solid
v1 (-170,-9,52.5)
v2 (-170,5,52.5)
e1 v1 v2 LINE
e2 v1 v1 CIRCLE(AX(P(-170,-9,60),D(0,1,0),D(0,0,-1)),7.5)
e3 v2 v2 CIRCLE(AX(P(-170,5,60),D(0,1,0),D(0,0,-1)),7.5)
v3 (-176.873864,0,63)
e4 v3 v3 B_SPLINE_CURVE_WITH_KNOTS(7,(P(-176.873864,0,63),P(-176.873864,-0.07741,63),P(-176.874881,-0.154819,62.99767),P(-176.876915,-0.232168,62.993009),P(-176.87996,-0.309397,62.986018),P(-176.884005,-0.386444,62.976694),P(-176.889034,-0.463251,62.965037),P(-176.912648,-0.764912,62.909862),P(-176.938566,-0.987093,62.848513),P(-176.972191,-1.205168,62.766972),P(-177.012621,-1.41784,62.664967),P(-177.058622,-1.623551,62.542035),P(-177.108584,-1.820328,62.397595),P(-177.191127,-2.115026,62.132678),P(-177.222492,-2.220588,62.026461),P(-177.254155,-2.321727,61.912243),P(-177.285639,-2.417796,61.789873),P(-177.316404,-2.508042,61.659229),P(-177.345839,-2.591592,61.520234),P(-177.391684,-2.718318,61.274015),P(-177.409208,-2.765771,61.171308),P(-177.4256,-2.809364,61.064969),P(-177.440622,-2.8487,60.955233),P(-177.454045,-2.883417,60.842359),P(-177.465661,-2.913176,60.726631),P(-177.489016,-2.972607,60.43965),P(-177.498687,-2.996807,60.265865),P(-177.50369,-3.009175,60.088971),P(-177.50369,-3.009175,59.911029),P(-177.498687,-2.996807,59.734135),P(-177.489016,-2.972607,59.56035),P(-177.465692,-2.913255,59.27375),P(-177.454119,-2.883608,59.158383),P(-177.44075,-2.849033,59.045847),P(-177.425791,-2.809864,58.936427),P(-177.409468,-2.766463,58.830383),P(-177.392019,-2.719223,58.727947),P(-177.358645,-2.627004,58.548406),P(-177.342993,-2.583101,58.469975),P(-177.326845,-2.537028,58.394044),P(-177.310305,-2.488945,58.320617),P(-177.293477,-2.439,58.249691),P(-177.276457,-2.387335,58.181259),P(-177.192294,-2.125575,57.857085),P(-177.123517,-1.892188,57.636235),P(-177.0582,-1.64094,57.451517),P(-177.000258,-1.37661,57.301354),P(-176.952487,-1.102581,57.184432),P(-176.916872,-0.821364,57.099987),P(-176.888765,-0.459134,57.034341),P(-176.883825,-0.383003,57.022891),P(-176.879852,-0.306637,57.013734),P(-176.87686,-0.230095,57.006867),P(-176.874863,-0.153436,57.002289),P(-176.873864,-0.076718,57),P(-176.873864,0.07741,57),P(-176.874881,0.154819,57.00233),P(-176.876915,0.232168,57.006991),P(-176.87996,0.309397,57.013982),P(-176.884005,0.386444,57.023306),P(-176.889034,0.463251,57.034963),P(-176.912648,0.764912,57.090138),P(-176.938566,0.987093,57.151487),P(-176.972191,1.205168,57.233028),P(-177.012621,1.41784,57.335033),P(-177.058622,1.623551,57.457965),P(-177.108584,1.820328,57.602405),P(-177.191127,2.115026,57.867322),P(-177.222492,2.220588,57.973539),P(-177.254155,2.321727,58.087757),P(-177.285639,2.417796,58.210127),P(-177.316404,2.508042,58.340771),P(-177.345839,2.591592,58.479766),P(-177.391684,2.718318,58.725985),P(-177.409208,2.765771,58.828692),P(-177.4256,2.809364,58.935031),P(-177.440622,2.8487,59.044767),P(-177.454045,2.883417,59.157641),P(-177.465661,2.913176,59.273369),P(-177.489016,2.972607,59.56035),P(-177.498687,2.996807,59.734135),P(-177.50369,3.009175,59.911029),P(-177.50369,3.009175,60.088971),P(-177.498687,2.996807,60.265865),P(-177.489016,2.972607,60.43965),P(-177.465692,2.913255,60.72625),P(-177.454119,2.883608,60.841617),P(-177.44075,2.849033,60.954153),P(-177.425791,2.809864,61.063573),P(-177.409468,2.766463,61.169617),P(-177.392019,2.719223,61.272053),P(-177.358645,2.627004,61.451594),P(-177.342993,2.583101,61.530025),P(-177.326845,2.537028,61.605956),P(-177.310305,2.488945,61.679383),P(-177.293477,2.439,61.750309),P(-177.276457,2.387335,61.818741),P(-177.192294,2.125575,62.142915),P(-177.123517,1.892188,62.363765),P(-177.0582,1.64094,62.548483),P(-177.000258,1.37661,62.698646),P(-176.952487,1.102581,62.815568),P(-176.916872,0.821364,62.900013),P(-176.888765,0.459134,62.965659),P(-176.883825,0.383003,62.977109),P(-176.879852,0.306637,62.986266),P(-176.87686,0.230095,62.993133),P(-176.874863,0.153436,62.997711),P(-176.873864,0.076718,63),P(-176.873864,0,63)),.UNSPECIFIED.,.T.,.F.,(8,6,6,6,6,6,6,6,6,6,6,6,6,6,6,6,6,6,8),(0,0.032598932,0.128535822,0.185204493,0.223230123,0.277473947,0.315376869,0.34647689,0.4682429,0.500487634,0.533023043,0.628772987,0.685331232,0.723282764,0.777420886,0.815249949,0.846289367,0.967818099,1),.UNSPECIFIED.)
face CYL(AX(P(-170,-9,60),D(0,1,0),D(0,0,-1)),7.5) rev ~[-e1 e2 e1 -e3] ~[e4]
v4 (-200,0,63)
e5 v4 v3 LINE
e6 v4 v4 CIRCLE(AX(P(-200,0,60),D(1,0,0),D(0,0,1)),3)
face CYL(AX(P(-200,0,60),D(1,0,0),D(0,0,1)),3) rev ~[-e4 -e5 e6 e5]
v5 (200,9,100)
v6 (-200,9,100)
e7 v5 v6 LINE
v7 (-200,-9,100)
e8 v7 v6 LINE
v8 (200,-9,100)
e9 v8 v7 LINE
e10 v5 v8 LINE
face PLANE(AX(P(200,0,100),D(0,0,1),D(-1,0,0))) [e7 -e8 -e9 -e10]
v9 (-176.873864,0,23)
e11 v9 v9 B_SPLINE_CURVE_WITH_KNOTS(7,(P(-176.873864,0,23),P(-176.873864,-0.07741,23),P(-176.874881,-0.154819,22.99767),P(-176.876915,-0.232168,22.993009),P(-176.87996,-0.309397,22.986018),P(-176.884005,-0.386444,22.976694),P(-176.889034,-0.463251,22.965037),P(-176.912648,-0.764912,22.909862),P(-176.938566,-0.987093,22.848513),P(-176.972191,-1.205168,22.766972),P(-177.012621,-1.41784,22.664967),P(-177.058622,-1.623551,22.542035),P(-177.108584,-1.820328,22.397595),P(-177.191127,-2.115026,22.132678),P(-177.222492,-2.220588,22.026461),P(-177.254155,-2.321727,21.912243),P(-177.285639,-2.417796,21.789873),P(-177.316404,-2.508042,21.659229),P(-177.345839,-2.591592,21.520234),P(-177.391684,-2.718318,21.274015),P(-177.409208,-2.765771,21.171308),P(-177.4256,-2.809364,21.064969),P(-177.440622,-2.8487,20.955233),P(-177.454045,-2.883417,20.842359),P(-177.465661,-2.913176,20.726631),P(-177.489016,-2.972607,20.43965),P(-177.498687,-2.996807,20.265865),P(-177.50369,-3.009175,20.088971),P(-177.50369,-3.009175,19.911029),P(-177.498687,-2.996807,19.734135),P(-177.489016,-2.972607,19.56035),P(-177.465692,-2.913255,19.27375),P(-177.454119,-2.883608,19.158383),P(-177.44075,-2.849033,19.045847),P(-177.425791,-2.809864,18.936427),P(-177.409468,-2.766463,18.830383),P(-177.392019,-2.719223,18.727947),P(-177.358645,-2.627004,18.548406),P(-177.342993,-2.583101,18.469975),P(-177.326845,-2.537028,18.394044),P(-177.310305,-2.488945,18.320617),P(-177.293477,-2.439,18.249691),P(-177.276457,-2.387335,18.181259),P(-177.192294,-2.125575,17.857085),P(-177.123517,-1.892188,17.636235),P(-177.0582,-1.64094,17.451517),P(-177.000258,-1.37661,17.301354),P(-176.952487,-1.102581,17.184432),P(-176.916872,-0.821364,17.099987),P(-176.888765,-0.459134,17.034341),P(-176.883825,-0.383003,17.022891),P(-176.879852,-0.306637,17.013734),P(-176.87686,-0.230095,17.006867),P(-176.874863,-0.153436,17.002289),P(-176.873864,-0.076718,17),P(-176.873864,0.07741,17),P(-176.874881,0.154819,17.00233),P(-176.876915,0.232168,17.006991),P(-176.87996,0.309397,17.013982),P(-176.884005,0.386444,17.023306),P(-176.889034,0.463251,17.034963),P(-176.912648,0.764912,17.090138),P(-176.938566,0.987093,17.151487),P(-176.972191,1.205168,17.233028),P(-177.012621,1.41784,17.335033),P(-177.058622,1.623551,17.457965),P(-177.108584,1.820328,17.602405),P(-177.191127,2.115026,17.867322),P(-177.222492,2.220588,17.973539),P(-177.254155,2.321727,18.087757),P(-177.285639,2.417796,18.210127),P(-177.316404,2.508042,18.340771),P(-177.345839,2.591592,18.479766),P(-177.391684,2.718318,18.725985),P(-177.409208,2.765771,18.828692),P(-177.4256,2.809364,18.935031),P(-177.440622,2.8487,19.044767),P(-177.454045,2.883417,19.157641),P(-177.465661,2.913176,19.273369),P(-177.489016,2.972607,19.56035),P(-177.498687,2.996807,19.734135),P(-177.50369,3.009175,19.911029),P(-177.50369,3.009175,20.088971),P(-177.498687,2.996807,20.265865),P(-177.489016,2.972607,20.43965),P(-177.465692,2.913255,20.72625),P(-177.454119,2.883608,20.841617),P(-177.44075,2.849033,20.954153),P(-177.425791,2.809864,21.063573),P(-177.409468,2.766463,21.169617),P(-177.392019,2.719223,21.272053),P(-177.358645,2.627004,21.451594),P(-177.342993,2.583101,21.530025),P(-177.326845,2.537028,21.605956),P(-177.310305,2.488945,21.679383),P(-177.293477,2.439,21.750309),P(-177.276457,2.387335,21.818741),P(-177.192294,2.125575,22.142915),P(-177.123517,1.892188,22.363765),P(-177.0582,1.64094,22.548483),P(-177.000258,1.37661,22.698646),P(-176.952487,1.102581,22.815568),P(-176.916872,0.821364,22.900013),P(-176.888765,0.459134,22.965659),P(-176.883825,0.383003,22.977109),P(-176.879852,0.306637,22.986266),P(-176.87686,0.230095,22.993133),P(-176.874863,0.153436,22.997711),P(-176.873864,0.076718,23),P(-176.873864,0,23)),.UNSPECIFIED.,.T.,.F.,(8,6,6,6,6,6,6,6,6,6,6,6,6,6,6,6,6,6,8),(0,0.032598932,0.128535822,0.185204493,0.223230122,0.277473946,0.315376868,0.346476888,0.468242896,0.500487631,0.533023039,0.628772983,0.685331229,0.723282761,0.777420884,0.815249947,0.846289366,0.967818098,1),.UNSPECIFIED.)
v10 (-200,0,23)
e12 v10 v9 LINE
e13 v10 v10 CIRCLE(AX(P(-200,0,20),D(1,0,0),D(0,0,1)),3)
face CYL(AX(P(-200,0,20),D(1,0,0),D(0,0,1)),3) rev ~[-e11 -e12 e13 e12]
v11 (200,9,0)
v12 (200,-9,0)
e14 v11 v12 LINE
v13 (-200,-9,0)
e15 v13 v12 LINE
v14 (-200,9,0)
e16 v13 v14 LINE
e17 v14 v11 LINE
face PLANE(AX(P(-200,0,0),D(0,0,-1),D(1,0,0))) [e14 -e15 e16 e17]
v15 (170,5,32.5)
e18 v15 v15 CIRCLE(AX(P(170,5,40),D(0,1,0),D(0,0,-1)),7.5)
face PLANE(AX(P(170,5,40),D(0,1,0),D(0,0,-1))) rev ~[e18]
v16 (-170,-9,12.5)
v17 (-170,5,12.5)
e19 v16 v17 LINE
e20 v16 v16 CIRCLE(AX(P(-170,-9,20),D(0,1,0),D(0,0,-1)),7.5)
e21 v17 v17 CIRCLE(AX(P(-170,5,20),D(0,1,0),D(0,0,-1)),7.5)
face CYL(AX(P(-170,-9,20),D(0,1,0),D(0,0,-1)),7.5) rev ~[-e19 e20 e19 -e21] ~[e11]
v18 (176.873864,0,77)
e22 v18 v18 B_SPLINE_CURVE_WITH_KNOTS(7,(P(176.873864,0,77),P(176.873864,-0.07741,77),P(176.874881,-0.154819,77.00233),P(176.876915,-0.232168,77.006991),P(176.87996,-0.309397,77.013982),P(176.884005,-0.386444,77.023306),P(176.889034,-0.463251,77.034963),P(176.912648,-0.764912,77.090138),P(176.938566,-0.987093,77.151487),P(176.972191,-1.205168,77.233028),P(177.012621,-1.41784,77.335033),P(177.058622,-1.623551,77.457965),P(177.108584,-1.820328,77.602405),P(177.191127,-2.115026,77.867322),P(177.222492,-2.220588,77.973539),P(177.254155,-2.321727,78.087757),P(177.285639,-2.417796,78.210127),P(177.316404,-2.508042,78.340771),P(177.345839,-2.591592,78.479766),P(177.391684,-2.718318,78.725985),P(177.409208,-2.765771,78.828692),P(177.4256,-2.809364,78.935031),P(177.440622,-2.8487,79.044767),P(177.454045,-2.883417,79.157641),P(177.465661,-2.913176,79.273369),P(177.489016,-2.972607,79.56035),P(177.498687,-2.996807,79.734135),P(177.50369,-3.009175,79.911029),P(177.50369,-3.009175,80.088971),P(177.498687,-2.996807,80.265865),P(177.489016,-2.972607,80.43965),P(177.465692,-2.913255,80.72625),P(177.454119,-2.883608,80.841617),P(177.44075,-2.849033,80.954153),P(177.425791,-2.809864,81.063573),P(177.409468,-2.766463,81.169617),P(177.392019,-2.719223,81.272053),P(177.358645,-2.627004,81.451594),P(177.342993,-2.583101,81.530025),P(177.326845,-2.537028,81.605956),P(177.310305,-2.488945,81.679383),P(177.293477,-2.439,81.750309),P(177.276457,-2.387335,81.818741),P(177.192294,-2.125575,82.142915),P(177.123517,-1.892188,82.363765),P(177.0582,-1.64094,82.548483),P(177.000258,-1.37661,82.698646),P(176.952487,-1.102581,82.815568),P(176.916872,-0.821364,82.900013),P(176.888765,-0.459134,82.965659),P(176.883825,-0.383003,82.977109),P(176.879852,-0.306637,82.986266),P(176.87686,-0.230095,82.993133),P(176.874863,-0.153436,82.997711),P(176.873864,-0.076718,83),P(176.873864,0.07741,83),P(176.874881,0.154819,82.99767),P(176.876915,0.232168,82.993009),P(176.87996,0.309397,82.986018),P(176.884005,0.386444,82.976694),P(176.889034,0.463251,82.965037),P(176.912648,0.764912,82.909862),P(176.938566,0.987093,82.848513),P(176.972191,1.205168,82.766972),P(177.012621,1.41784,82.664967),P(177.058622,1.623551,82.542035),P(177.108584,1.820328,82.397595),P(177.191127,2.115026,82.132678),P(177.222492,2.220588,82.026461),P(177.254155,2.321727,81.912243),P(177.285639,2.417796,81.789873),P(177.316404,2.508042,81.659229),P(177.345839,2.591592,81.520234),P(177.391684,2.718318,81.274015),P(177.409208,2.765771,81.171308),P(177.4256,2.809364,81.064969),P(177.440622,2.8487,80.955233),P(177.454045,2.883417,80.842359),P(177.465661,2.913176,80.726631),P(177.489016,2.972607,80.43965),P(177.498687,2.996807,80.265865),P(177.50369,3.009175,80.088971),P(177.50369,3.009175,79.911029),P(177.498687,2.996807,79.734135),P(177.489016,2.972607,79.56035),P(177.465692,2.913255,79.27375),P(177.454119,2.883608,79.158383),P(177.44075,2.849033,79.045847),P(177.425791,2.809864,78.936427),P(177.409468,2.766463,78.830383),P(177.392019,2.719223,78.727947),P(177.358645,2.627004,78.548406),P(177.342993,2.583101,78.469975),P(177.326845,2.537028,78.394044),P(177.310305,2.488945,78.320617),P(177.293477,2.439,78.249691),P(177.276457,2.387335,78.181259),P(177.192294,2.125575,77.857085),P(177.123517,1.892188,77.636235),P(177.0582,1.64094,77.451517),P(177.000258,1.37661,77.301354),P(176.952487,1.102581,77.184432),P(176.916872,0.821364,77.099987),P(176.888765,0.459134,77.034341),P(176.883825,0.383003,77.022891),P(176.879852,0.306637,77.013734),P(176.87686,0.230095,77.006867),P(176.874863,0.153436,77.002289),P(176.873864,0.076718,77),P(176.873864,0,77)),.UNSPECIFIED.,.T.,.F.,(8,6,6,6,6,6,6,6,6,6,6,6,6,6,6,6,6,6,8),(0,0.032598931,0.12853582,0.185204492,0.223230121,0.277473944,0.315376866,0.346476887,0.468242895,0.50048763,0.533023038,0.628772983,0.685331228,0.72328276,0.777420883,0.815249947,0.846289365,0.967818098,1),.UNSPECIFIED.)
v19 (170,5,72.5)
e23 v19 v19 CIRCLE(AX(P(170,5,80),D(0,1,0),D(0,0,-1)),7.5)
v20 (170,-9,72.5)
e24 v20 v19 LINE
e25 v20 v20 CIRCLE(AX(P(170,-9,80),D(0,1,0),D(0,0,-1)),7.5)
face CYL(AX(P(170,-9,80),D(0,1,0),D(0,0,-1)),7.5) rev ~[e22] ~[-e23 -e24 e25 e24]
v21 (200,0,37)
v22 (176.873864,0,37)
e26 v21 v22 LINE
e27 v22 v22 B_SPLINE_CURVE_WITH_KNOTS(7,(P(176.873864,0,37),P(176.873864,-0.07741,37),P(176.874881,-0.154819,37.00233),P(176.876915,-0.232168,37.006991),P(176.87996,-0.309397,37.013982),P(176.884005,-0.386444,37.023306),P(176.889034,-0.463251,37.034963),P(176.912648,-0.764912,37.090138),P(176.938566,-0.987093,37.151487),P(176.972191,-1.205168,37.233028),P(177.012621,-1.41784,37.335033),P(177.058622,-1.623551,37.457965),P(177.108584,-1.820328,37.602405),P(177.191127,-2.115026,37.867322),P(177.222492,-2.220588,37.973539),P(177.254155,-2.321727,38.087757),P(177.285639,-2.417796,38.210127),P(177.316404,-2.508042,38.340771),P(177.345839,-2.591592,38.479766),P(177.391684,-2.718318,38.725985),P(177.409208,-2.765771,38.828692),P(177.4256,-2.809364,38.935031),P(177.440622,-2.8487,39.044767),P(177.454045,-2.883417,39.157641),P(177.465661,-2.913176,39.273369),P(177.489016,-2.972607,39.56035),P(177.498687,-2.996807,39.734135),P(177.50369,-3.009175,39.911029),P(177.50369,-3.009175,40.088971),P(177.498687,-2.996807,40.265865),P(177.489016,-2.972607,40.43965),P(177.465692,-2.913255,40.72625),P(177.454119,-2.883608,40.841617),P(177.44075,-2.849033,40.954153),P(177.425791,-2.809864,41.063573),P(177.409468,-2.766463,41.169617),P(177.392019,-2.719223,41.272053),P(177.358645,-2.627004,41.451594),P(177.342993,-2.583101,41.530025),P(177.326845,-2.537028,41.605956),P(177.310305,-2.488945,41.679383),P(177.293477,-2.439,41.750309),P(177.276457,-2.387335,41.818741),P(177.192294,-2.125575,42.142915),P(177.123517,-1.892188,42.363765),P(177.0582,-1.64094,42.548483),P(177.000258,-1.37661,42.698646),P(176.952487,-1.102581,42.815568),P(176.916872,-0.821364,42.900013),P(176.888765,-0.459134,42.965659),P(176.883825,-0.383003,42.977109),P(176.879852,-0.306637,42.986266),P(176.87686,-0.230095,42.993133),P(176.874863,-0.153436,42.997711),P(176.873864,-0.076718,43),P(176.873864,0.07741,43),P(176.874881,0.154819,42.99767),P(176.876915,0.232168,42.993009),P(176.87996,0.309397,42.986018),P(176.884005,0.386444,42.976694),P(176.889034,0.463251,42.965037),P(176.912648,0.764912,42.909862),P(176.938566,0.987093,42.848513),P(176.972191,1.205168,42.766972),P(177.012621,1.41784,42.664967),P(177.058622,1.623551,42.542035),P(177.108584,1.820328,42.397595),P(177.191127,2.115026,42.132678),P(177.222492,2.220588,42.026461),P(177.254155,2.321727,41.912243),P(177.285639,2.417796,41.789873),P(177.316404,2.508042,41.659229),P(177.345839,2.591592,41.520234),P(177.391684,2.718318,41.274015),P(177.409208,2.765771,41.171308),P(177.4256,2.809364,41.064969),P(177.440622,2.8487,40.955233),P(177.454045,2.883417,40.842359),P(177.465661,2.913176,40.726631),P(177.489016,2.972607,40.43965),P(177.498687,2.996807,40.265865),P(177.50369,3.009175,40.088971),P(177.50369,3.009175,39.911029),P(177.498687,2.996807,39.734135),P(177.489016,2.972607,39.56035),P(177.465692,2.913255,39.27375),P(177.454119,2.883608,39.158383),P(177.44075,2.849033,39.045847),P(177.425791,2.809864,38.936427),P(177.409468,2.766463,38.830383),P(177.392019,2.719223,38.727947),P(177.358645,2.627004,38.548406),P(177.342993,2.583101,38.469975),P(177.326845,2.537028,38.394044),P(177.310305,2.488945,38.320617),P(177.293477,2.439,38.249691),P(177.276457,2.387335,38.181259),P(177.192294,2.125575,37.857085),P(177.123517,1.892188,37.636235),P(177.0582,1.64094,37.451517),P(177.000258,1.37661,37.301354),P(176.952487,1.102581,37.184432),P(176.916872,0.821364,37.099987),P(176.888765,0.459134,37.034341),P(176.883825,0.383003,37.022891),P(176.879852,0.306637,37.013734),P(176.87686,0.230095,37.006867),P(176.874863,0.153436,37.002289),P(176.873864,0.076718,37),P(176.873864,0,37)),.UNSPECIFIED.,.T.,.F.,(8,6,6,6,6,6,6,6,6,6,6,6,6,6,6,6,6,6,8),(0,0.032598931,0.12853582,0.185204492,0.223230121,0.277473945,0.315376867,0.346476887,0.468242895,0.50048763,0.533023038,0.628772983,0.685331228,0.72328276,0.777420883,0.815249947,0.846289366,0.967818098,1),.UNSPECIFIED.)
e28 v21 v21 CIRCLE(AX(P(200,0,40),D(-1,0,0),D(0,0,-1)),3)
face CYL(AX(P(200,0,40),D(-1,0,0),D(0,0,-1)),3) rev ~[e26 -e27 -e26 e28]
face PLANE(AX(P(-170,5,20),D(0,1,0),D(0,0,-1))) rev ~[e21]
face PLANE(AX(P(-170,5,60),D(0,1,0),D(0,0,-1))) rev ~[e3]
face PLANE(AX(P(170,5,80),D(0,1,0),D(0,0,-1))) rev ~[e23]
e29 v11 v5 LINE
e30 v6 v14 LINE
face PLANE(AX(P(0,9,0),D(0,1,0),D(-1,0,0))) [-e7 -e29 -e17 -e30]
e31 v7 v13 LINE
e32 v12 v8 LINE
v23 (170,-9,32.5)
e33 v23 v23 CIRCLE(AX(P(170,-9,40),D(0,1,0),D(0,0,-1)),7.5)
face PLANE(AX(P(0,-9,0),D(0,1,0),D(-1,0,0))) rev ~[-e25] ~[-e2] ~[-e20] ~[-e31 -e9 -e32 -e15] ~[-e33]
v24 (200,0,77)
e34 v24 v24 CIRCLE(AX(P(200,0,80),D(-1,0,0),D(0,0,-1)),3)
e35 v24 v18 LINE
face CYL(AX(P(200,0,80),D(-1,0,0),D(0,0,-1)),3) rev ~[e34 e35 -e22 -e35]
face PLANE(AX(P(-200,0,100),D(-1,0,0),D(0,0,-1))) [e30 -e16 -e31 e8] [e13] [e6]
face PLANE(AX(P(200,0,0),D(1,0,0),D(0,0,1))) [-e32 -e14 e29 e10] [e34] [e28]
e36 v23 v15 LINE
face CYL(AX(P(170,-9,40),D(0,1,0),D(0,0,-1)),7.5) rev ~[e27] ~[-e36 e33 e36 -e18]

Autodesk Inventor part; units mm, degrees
ref_plane "YZ Plane" through (0, 0, 0) normal (1, 0, 0) x (0, 1, 0)
ref_plane "XZ Plane" through (0, 0, 0) normal (0, 1, 0) x (-1, 0, 0)
ref_plane "XY Plane" through (0, 0, 0) normal (0, 0, 1) x (1, 0, 0)
sketch "Sketch1" plane through (0, 0, 0) normal (0, 1, 0) x (-1, 0, 0)
  line L0 (200, 0) -> (-200, 0)
  line L1 (-200, 0) -> (-200, 100)
  line L2 (-200, 100) -> (200, 100)
  line L3 (200, 100) -> (200, 0)
  point P0 (0, 0)
  point P1 (0, 0)
  dimension "Length" = 400
  dimension "Depth" = 100
extrude "Extrusion1" add sketch "Sketch1" along normal mid plane 18
sketch "Sketch2" plane through (200, -9, 100) normal (1, 0, 0) x (0, 0, -1)
  line L0 (0, 0) -> (0, 18) projected
  line L1 (100, 9) -> (100, 18) projected
  point P0 (20, 9)
  point P1 (60, 9)
  point P2 (0, 9)
  dimension "d4" = 20
  dimension "d5" = 40
sketch "Sketch3" plane through (0, -9, 0) normal (0, -1, 0) x (1, 0, 0)
  line L0 (200, 0) -> (200, 100) projected
  line L1 (200, 100) -> (-200, 100) projected
  line L2 (0, 0) -> (200, 0) projected
  line L3 (-200, 100) -> (-200, 0) projected
  point P0 (170, 80)
  point P1 (170, 40)
  point P2 (-170, 60)
  point P3 (-170, 20)
  dimension "HoleDepth" = 30
  dimension "d7" = 20
  dimension "d8" = 40
  dimension "d26" = 20
  dimension "d27" = 40
  dimension "d72" = 30
hole "Hole1" at (200, 0, 80) at (200, 0, 40) direction (-1, 0, 0) diameter 6 depth 30
sketch "Sketch4" plane through (-200, -9, 0) normal (-1, 0, 0) x (0, 0, 1)
  line L0 (100, 18) -> (100, 0) projected
  line L1 (0, 0) -> (0, 18) projected
  point P0 (60, 9)
  point P1 (20, 9)
  point P2 (0, 9)
  dimension "d24" = 40
  dimension "d71" = 20
hole "Hole3" at (-200, 0, 60) at (-200, 0, 20) direction (1, 0, 0) diameter 6 depth 30
hole "Hole5" at (170, -9, 80) at (170, -9, 40) direction (0, 1, 0) diameter 15 depth 14
hole "Hole7" at (-170, -9, 60) at (-170, -9, 20) direction (0, 1, 0) diameter 15 depth 14
equation "\"d7\" = d4"
equation "\"d8\" = d5"
equation "\"d26\" = d7"
equation "\"d27\" = d8"
equation "\"d72\" = HoleDepth"
equation "\"d14\" = HoleDepth"
equation "\"d24\" = d5"
equation "\"d71\" = d26"
equation "\"d33\" = HoleDepth"
properties part number "Shelf"
